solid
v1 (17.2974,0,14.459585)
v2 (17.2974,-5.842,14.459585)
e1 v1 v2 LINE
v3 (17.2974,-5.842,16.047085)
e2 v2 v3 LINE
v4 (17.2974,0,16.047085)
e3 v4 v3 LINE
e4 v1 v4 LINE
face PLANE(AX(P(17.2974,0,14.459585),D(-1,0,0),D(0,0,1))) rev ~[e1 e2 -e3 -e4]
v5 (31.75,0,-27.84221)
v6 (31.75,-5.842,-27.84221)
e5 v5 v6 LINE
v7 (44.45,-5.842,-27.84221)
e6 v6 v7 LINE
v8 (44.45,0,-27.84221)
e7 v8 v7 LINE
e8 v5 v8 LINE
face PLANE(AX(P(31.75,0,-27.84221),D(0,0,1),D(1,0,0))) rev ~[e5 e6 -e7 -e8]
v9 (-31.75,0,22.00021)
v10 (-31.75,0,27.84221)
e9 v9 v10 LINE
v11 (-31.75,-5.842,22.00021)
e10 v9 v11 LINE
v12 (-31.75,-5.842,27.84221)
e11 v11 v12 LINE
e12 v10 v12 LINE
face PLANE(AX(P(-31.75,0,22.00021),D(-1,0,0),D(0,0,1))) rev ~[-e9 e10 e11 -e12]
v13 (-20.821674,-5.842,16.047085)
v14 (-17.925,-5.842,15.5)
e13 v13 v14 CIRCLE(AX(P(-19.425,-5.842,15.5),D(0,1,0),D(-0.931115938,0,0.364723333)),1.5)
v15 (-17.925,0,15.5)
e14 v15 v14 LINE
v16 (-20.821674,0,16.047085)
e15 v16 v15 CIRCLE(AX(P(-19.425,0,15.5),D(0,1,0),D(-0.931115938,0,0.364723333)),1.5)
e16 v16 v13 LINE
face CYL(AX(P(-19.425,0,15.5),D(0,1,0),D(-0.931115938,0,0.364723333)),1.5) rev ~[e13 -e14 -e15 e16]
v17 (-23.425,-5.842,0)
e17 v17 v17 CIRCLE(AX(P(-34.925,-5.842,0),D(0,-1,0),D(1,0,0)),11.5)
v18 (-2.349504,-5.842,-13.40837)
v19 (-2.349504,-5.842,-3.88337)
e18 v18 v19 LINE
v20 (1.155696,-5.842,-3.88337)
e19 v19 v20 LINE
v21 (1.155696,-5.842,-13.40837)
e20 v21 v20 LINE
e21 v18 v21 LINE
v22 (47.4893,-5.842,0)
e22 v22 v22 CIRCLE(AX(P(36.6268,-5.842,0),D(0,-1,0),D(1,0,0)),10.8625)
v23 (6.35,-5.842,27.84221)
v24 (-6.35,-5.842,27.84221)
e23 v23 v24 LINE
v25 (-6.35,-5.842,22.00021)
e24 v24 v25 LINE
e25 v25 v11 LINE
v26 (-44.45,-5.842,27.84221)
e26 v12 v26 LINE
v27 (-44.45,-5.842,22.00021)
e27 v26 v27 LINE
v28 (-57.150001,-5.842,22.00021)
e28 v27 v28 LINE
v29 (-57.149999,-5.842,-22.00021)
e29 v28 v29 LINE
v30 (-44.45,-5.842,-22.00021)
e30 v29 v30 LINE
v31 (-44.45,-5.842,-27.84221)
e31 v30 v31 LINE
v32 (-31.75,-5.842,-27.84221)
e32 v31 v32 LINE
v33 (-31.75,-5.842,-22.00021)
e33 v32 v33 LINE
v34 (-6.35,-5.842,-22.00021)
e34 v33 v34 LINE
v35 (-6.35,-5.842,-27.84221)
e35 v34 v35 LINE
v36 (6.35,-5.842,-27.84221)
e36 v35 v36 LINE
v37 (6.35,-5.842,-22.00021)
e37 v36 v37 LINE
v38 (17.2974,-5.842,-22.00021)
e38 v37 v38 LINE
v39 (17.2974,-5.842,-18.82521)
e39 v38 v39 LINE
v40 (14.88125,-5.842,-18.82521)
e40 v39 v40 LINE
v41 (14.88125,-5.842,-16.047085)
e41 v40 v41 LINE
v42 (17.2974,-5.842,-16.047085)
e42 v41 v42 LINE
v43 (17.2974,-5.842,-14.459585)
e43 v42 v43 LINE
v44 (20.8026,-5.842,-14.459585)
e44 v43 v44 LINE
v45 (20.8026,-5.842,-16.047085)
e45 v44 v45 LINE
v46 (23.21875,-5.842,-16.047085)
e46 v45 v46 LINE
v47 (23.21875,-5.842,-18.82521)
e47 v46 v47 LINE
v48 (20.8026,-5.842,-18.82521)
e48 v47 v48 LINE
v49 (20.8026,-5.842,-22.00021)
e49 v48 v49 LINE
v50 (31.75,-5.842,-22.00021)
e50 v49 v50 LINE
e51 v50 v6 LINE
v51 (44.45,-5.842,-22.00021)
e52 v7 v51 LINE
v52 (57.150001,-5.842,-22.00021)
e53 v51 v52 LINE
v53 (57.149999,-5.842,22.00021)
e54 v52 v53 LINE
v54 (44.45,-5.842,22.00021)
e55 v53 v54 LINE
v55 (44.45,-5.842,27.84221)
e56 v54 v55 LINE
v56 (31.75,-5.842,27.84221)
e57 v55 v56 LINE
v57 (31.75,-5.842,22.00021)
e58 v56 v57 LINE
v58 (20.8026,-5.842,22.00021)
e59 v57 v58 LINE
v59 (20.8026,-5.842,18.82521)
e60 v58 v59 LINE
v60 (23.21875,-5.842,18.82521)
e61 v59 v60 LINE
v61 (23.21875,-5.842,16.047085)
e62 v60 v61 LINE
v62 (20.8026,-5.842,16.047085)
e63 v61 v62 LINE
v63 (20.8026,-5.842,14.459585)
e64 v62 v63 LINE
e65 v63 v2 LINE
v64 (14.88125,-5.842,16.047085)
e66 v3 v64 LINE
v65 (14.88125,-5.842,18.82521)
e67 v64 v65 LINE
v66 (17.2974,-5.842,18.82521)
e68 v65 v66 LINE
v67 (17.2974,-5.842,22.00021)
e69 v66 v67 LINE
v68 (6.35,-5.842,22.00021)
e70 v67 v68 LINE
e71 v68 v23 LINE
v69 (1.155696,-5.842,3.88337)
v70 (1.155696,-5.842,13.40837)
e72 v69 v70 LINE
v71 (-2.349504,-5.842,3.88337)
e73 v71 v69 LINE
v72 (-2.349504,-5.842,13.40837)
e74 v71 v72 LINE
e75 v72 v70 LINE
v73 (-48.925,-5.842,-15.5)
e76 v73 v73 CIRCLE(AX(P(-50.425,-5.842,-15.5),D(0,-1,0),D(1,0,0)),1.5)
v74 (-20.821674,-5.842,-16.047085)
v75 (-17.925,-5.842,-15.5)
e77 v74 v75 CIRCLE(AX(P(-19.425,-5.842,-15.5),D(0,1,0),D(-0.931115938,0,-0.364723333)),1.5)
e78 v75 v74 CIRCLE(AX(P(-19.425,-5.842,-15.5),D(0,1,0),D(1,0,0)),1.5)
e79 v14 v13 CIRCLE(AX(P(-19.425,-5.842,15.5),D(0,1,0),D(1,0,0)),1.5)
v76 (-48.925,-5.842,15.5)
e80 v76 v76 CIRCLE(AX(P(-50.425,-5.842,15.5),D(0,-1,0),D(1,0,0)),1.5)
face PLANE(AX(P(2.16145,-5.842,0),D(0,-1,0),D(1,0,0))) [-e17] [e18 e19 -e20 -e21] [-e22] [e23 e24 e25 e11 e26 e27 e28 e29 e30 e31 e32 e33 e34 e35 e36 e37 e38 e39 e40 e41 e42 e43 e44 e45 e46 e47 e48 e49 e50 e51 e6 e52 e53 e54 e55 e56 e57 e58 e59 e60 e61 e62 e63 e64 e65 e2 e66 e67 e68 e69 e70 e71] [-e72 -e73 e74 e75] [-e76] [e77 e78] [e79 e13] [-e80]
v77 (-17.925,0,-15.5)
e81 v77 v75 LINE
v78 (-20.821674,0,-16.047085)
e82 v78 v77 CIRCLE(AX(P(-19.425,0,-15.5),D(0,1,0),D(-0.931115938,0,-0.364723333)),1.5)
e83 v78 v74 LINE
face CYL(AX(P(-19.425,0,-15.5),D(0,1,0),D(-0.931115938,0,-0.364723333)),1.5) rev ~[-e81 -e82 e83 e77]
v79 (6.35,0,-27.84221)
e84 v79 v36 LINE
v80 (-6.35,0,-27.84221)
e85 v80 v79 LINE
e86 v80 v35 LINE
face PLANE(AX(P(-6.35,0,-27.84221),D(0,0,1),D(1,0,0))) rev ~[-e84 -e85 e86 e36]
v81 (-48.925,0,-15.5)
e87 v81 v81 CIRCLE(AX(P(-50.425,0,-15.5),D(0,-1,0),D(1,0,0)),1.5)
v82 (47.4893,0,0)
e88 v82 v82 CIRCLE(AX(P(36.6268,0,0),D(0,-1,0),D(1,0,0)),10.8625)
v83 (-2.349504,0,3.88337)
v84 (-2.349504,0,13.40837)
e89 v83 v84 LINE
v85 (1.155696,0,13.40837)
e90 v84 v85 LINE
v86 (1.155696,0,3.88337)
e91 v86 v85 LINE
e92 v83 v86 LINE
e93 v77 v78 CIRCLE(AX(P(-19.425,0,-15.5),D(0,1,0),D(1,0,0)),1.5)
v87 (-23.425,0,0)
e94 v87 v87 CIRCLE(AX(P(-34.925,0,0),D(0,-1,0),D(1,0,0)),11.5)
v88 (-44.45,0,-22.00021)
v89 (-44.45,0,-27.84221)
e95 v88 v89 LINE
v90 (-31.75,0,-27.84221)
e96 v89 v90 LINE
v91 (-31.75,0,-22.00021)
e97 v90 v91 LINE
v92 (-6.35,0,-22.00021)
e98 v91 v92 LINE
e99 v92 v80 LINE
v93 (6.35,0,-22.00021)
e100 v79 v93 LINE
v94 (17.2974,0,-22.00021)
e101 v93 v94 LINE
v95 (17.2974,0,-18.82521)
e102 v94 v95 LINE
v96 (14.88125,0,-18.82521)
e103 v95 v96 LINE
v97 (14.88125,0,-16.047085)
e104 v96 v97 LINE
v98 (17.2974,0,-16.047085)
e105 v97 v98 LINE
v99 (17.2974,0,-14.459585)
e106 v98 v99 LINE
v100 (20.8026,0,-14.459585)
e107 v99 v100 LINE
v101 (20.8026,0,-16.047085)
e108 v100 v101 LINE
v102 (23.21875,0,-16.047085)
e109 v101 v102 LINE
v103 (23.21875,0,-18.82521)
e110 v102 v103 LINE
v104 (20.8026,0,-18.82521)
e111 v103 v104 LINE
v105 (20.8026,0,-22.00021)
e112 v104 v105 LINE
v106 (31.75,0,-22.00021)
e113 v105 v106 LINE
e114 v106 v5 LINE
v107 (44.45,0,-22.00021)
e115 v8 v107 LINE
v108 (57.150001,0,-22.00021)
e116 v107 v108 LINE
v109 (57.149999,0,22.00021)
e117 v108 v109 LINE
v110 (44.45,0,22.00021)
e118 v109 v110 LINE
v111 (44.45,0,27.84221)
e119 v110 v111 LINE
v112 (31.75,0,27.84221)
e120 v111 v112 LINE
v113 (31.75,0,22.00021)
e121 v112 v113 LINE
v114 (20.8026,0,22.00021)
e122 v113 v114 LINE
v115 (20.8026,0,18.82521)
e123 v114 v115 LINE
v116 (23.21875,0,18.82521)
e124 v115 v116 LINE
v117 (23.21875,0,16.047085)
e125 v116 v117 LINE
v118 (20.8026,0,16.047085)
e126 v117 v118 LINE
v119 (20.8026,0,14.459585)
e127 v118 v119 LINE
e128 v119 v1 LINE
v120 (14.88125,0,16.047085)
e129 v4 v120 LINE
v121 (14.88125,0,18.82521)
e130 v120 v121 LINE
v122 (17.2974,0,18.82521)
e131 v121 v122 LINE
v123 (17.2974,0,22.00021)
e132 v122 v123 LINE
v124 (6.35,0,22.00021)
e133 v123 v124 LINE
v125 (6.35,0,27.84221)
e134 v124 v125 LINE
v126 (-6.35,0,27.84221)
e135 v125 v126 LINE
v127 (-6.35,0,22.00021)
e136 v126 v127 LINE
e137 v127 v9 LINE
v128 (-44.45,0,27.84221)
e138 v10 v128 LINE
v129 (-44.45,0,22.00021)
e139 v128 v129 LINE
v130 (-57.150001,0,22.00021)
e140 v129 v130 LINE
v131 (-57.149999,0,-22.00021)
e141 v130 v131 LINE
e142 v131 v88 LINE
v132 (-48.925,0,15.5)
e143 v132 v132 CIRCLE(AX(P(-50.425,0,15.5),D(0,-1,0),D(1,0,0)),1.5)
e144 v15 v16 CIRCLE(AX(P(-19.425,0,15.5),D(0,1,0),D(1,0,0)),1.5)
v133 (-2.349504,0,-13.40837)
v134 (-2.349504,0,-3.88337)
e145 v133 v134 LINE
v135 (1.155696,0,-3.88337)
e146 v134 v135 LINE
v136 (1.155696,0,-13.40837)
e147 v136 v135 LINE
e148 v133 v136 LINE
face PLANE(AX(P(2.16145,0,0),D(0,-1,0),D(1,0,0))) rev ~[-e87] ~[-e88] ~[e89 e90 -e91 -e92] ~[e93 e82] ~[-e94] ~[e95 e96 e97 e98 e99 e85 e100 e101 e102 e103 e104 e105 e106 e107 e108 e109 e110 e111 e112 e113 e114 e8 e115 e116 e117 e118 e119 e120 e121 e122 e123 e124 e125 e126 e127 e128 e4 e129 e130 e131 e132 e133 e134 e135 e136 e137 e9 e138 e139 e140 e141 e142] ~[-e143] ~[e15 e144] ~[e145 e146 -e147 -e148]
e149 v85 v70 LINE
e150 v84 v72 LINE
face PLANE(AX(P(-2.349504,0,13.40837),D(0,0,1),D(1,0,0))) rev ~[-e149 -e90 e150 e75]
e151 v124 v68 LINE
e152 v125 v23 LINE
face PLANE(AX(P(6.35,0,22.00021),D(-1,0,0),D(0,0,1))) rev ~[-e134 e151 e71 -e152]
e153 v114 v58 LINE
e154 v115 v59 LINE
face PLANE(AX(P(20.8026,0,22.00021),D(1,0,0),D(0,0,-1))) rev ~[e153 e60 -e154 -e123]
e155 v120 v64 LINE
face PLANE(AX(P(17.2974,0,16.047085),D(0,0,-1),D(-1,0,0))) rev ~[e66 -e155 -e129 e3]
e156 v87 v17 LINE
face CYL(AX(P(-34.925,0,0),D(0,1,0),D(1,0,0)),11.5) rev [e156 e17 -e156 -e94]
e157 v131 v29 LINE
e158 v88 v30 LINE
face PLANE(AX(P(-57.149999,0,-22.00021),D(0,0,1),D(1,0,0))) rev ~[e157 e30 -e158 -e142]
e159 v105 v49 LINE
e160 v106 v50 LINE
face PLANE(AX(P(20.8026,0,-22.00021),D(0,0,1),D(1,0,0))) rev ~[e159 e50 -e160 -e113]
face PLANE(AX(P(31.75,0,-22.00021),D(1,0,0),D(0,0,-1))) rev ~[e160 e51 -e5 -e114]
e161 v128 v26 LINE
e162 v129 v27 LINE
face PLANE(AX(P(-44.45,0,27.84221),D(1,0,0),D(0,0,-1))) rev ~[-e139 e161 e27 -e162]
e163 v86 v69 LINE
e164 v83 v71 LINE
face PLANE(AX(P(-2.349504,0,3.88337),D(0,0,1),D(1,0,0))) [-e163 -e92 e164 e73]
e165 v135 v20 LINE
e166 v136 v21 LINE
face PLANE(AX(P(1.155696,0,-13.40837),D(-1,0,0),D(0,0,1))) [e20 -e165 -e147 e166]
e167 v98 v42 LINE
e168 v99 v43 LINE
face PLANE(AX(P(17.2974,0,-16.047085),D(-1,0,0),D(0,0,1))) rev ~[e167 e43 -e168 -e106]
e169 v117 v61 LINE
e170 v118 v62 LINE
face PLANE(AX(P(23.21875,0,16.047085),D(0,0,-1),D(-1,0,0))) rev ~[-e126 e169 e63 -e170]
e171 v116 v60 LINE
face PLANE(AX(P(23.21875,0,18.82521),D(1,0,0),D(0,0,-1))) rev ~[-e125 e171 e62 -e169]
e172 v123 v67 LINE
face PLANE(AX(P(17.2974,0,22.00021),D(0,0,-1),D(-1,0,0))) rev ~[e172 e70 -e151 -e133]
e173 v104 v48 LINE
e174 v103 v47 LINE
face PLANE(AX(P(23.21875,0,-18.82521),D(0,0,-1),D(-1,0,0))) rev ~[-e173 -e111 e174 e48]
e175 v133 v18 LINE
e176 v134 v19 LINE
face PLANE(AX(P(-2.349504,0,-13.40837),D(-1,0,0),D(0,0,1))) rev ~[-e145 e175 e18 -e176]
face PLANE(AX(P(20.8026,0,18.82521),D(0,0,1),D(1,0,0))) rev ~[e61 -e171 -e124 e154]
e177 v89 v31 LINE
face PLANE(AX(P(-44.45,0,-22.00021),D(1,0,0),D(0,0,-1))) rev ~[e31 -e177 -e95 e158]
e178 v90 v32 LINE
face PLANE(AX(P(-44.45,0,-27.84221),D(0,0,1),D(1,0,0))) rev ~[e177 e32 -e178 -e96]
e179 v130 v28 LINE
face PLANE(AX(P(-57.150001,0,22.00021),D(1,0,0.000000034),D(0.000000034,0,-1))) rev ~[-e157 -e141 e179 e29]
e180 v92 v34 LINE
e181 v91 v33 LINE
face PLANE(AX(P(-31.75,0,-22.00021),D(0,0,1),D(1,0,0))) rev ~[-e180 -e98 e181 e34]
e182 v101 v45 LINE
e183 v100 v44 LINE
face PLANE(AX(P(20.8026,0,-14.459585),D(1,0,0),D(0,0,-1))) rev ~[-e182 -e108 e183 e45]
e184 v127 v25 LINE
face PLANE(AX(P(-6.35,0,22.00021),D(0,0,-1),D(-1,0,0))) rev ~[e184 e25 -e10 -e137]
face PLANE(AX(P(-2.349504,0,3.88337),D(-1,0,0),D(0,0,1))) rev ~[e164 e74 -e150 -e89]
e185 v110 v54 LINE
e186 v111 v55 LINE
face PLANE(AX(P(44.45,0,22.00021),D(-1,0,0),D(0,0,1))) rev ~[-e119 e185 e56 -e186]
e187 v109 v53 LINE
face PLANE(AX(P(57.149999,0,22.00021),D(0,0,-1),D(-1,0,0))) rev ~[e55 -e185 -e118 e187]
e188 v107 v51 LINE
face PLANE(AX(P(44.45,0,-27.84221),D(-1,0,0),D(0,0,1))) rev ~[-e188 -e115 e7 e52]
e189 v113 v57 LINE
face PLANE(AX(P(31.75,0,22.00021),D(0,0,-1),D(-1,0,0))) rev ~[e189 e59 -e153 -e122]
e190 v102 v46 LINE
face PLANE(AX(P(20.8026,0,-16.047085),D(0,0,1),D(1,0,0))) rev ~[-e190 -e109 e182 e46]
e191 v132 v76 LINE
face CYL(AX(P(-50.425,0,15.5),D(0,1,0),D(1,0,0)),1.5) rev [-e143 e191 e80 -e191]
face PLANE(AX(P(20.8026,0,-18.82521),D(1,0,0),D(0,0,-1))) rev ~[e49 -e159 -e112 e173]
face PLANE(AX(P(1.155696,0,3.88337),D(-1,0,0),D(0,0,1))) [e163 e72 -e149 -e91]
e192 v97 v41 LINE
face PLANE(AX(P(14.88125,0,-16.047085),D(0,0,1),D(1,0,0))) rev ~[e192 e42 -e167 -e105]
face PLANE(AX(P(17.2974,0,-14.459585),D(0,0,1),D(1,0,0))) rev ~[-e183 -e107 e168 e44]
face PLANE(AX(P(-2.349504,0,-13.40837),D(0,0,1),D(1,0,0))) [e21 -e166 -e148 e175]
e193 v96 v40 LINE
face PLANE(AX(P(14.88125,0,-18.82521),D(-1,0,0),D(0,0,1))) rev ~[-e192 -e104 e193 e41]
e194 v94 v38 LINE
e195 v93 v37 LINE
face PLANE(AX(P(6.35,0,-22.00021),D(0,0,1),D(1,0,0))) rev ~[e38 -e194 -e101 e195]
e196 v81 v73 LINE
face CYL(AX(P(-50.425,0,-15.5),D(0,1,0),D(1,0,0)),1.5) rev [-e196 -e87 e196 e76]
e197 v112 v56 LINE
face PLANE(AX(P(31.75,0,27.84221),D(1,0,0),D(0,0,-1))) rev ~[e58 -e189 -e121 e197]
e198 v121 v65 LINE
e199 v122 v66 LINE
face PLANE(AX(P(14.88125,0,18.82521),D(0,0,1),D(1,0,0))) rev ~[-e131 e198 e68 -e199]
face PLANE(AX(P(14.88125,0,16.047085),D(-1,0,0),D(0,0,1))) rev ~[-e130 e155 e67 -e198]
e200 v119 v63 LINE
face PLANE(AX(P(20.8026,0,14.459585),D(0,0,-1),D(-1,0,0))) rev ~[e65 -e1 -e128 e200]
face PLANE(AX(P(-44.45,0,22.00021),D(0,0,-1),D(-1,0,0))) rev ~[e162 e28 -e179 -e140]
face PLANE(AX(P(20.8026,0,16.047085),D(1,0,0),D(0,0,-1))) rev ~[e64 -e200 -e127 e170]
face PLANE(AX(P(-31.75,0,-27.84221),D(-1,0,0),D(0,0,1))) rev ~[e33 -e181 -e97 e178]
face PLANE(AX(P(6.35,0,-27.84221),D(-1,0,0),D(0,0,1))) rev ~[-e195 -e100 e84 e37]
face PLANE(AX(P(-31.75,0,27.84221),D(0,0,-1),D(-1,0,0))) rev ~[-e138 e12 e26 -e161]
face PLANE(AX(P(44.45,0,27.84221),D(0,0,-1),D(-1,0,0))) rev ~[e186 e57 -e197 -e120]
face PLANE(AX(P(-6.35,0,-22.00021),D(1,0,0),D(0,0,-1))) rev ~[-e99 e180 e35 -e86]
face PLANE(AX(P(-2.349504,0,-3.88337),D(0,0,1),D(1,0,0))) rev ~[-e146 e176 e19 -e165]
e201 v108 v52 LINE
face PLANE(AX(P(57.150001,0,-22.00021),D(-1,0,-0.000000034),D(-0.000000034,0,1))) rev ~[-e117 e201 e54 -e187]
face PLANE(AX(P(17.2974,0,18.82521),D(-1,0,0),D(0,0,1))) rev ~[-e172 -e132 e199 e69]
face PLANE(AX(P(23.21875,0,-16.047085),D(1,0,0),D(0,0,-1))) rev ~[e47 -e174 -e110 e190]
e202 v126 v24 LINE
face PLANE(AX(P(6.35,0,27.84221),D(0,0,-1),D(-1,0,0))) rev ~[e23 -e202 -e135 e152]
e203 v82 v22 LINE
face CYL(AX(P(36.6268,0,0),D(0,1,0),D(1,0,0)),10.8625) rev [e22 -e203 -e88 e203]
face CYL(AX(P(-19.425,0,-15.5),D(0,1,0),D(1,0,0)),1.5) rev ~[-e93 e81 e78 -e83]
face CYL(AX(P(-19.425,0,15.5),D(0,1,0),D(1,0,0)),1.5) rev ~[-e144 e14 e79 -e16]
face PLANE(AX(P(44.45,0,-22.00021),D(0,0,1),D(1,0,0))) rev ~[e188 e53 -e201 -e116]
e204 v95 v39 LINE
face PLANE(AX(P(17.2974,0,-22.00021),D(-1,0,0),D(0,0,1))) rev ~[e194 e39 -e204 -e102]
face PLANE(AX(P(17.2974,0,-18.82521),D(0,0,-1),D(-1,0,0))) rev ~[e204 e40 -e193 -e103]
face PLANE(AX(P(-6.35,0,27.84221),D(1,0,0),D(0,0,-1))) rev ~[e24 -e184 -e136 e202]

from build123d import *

# Parameters (mm, degrees)
F0_R     = 1.5
F0_W     = 3.5052
F0_H     = 9.525
F0_R_2   = 11.5
F0_R_3   = 10.8625
F1_DEPTH = 5.842


with BuildPart() as f1:
    # F0 (on Front) → F1 (new body)
    with BuildSketch(Plane.XZ):
        Polygon((-44.45, 22.00021), (-57.1500007371, 22.00021), (-57.1499992629, -22.00021), (-44.45, -22.00021), (-44.45, -27.84221), (-31.75, -27.84221), (-31.75, -22.00021), (-20.8026, -22.00021), (-17.2974, -22.00021), (-6.35, -22.00021), (-6.35, -27.84221), (6.35, -27.84221), (6.35, -22.00021), (17.2974, -22.00021), (17.2974, -18.82521), (14.88125, -18.82521), (14.88125, -16.047085), (17.2974, -16.047085), (17.2974, -14.459585), (20.8026, -14.459585), (20.8026, -16.047085), (23.21875, -16.047085), (23.21875, -18.82521), (20.8026, -18.82521), (20.8026, -22.00021), (31.75, -22.00021), (31.75, -27.84221), (44.45, -27.84221), (44.45, -22.00021), (57.1500007371, -22.00021), (57.1499992629, 22.00021), (44.45, 22.00021), (44.45, 27.84221), (31.75, 27.84221), (31.75, 22.00021), (20.8026, 22.00021), (20.8026, 18.82521), (23.21875, 18.82521), (23.21875, 16.047085), (20.8026, 16.047085), (20.8026, 14.459585), (17.2974, 14.459585), (17.2974, 16.047085), (14.88125, 16.047085), (14.88125, 18.82521), (17.2974, 18.82521), (17.2974, 22.00021), (6.35, 22.00021), (6.35, 27.84221), (-6.35, 27.84221), (-6.35, 22.00021), (-17.2974, 22.00021), (-20.8026, 22.00021), (-31.75, 22.00021), (-31.75, 27.84221), (-44.45, 27.84221), align=None)
        with Locations((-50.425, -15.5)):
            Circle(F0_R, mode=Mode.SUBTRACT)
        with BuildLine():
            ThreePointArc((-20.8216739071, -16.047085), (-19.7033784648, -14.0260578606), (-17.925, -15.5))
            ThreePointArc((-17.925, -15.5), (-19.1466215352, -16.9739421394), (-20.8216739071, -16.047085))
        make_face(mode=Mode.SUBTRACT)
        with Locations((-0.5969042566, -8.6458698832)):
            Rectangle(F0_W, F0_H, mode=Mode.SUBTRACT)
        with Locations((-34.925, 0)):
            Circle(F0_R_2, mode=Mode.SUBTRACT)
        with Locations((-0.5969042566, 8.6458698832)):
            Rectangle(F0_W, F0_H, mode=Mode.SUBTRACT)
        with Locations((-50.425, 15.5)):
            Circle(F0_R, mode=Mode.SUBTRACT)
        with BuildLine():
            ThreePointArc((-20.8216739071, 16.047085), (-19.1466215352, 16.9739421394), (-17.925, 15.5))
            ThreePointArc((-17.925, 15.5), (-19.7033784648, 14.0260578606), (-20.8216739071, 16.047085))
        make_face(mode=Mode.SUBTRACT)
        with Locations((36.6268, 0)):
            Circle(F0_R_3, mode=Mode.SUBTRACT)
    extrude(amount=F1_DEPTH)


solid = f1.part
